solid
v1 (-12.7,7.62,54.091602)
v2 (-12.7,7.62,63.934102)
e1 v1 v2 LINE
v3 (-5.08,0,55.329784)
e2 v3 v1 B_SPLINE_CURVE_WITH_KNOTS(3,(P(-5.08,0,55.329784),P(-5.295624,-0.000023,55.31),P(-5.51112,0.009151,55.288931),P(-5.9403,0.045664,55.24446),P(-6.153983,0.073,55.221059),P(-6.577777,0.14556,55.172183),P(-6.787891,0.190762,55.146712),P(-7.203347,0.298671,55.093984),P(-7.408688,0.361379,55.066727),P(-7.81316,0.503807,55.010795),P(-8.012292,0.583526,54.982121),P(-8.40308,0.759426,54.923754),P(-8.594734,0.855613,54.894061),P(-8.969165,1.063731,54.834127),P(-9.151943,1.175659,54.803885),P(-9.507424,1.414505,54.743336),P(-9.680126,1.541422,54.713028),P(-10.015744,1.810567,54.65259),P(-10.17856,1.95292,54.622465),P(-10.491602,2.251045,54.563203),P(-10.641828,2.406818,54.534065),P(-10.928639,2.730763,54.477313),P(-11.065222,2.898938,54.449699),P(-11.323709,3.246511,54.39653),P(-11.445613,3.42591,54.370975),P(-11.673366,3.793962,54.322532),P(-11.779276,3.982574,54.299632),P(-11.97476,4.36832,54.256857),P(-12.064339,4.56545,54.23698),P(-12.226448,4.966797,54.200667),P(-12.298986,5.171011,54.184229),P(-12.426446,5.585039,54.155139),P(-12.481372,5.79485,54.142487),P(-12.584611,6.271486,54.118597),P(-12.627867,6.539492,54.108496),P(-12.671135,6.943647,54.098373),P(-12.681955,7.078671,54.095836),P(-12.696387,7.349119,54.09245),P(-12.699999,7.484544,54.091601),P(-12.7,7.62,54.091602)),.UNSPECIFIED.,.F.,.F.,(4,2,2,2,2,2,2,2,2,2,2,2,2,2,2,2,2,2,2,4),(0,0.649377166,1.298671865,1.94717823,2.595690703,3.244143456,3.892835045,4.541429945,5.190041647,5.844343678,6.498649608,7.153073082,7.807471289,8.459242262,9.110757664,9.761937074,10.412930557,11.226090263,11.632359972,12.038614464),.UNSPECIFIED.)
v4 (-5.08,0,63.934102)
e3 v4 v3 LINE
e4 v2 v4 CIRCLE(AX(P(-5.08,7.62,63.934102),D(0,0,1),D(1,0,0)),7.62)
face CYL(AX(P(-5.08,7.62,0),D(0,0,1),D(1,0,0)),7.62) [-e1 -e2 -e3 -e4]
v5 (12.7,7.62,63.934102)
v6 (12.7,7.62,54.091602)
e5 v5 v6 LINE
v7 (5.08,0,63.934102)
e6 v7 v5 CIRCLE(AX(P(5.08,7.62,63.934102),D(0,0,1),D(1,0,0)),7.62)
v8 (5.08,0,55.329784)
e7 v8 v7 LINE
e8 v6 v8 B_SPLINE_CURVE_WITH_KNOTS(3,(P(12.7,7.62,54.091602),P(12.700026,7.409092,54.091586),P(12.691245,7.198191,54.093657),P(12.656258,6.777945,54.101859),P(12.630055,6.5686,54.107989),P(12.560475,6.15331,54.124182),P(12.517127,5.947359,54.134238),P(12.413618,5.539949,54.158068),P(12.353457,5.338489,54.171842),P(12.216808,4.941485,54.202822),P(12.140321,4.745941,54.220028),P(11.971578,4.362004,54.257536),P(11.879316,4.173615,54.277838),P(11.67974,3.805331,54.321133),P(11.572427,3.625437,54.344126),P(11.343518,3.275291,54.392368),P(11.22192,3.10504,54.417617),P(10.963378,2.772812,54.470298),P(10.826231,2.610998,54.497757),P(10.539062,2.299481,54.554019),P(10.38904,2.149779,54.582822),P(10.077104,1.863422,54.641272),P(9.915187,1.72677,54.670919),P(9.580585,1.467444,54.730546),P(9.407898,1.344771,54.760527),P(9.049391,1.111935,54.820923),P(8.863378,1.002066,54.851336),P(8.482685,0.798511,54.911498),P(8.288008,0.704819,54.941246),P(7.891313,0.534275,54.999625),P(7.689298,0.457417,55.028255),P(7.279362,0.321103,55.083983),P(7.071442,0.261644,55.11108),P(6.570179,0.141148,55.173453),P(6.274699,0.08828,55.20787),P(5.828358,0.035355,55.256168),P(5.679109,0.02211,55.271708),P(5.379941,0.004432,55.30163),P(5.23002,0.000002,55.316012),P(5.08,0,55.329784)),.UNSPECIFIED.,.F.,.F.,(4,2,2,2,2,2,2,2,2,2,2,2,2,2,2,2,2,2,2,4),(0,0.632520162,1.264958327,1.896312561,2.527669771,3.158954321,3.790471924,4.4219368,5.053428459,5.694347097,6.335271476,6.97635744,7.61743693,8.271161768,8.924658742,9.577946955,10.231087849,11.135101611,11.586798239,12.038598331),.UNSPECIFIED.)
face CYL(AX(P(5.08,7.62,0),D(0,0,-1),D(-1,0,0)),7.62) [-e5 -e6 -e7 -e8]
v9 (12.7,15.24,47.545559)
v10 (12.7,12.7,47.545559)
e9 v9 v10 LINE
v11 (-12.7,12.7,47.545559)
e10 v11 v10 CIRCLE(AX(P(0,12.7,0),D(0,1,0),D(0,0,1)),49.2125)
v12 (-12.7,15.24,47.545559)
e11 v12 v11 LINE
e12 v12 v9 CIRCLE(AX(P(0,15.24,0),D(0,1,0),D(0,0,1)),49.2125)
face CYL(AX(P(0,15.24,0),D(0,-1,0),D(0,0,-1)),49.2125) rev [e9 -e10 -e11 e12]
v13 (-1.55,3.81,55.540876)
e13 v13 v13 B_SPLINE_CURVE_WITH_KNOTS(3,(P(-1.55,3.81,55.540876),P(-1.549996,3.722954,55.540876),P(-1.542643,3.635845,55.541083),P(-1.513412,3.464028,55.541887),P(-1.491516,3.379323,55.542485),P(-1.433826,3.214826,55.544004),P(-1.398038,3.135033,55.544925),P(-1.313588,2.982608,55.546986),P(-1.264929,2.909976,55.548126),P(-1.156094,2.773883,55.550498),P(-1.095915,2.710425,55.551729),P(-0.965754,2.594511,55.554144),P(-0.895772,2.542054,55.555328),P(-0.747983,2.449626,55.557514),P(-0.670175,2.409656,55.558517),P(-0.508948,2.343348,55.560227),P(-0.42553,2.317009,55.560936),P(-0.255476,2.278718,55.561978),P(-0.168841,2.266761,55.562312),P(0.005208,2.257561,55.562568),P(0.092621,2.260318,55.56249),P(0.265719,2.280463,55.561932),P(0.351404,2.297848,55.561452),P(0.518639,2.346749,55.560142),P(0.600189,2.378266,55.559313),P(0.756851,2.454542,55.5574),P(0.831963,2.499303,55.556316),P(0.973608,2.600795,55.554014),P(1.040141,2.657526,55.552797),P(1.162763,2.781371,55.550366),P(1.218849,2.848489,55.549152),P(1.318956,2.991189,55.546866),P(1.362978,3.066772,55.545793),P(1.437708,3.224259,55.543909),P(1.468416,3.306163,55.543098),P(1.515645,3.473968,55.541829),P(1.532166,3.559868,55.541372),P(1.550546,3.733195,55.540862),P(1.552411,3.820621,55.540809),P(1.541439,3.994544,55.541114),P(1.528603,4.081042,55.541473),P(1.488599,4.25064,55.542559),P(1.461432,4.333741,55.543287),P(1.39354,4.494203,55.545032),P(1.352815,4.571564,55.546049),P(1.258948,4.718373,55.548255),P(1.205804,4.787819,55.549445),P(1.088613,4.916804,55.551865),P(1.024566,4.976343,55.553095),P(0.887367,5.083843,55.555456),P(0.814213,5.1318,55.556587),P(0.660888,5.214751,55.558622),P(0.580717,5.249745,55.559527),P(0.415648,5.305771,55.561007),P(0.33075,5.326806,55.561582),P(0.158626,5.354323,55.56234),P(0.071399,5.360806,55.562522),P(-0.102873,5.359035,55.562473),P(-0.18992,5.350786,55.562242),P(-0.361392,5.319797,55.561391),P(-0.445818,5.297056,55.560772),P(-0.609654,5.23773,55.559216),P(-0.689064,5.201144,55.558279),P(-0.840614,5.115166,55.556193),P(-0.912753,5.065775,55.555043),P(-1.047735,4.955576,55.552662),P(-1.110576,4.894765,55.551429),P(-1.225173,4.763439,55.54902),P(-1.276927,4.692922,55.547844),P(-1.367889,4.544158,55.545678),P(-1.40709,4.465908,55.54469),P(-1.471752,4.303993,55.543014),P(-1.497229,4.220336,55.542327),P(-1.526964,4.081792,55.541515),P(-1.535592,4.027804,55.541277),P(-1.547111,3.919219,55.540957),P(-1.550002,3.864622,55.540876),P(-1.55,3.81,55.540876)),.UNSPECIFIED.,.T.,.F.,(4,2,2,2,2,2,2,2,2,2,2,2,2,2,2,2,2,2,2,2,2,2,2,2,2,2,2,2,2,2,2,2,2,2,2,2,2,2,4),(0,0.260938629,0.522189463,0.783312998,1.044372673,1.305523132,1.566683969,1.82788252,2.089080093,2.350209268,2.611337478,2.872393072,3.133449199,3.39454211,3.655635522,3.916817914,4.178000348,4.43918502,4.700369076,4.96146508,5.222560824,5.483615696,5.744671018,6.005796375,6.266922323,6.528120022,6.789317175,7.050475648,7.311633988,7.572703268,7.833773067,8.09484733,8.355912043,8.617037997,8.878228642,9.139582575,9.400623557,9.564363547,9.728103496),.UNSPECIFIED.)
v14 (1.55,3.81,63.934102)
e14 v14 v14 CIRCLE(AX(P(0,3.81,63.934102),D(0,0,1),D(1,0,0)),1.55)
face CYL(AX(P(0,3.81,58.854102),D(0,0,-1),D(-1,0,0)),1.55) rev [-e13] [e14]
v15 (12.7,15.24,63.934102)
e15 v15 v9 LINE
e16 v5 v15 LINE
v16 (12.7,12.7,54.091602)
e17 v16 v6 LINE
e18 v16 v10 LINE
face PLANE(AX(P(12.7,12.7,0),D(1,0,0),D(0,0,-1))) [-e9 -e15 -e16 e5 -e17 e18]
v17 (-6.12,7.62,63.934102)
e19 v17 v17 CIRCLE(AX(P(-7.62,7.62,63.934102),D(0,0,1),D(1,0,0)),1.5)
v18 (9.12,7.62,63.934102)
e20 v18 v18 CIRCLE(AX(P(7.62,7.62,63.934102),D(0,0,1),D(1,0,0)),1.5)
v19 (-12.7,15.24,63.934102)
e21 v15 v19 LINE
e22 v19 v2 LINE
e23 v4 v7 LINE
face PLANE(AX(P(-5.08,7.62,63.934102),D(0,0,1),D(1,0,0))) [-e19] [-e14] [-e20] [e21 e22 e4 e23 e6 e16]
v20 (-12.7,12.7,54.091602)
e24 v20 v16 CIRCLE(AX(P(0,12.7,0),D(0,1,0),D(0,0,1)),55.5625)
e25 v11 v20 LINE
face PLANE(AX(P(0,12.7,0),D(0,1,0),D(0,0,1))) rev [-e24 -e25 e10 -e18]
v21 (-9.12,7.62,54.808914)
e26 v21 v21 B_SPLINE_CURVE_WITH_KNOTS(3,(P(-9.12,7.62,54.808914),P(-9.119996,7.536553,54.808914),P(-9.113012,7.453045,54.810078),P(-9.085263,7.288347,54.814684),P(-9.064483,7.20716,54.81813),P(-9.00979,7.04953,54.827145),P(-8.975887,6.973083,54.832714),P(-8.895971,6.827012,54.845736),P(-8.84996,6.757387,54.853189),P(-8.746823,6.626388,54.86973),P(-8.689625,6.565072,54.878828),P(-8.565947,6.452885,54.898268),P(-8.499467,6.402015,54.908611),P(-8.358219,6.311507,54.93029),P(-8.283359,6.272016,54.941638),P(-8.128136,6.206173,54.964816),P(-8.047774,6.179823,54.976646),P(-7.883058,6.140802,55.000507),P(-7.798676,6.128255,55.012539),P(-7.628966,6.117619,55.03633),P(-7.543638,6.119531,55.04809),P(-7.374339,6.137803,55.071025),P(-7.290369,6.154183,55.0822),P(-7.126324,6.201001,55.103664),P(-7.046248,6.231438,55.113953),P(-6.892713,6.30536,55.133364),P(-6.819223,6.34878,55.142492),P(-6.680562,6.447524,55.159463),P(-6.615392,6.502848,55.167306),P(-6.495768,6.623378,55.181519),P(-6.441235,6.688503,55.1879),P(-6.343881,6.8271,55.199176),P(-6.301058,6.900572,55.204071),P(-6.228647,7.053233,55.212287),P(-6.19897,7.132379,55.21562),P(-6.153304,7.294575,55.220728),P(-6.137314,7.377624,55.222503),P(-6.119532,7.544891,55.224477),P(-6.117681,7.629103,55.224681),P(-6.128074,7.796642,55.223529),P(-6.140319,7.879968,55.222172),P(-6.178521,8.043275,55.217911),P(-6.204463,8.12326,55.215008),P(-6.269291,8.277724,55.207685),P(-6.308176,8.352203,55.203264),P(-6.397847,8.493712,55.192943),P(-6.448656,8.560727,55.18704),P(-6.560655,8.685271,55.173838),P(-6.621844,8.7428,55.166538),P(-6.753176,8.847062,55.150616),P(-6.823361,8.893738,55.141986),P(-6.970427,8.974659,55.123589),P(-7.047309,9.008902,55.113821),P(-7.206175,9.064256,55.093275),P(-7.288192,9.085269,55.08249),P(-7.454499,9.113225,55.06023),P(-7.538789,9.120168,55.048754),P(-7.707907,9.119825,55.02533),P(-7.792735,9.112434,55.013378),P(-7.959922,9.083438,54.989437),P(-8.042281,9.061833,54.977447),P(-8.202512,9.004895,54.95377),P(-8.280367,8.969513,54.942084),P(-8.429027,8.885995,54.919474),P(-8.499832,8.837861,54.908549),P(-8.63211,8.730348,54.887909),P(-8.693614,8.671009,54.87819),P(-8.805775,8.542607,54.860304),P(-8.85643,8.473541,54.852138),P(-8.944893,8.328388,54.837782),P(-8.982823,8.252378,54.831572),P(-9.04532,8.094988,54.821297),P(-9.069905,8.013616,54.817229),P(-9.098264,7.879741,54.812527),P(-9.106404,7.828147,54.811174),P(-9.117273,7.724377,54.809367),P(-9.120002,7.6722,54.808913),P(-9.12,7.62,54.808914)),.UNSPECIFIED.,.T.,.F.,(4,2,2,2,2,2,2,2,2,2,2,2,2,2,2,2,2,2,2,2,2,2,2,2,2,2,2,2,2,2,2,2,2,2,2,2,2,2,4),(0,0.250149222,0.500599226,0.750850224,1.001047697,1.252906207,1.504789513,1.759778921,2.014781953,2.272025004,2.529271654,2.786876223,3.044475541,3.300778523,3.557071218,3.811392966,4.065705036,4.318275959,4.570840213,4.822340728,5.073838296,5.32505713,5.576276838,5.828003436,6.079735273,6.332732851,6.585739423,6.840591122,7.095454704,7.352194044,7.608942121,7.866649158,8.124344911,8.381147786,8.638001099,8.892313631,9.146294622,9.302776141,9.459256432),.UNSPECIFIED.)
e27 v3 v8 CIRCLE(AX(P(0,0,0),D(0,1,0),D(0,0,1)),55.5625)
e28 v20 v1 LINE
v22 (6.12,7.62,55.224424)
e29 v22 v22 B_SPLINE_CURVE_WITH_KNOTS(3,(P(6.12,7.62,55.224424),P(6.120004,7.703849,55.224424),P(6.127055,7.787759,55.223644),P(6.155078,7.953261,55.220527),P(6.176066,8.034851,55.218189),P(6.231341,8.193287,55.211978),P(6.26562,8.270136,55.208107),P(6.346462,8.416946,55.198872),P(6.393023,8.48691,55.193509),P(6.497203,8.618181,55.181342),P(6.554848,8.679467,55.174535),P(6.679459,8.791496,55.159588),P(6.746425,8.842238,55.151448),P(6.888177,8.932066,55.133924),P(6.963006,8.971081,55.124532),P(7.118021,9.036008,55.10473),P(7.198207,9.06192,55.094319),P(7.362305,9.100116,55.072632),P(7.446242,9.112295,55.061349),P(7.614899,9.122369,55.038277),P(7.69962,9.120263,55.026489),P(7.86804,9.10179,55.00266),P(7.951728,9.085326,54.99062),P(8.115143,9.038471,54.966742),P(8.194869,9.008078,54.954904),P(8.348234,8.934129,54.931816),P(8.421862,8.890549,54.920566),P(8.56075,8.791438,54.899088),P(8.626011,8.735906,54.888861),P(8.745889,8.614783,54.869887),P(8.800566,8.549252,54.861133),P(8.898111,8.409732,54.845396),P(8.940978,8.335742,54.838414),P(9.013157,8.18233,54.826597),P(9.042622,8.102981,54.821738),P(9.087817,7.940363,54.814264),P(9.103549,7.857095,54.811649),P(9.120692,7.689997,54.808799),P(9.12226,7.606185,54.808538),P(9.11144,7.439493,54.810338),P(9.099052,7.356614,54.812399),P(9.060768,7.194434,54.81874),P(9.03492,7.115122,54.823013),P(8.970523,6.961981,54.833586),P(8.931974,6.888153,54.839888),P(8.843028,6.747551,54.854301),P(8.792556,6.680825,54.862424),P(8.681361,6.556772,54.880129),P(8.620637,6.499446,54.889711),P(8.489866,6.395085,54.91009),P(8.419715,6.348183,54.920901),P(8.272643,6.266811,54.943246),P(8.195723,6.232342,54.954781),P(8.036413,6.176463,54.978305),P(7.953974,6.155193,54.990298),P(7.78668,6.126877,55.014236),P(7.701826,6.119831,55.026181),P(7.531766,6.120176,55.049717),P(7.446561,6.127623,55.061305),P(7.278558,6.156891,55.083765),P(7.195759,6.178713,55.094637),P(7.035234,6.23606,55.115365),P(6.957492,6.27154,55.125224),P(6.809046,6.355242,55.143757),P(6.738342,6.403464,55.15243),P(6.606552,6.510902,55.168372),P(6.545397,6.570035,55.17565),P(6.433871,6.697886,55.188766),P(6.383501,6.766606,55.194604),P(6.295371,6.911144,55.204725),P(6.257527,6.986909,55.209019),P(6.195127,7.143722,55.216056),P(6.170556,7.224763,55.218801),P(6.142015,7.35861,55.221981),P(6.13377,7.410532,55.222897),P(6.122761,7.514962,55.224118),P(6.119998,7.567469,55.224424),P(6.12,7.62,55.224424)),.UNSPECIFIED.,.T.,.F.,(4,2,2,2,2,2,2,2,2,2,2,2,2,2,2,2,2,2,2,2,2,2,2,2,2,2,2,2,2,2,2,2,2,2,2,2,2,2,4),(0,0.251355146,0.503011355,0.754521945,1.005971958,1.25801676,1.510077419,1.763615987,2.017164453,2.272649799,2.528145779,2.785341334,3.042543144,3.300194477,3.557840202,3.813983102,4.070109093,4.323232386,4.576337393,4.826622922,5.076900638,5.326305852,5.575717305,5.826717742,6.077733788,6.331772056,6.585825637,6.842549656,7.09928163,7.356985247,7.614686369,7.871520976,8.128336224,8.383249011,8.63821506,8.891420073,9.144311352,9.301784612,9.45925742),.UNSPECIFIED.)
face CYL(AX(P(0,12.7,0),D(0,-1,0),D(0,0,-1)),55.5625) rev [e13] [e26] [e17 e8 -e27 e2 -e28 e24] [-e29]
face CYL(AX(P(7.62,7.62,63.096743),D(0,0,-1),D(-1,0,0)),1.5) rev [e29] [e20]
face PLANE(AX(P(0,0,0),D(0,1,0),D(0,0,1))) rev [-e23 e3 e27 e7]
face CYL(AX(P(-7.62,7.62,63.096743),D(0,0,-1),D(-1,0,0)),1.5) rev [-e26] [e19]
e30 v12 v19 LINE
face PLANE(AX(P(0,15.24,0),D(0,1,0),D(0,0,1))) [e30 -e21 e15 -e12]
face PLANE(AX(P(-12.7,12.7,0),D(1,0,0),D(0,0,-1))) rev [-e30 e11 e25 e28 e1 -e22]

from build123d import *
from build123d.topology import SkipClean

# Parameters (mm, degrees)
BOSS_EXTRUDE1_DEPTH = 12.7
SKETCH2_R           = 1.500000048
CUT_EXTRUDE1_DEPTH  = 58.854101994
FILLET1_R           = 7.62
CUT_EXTRUDE2_DEPTH  = 62.533611452
BOSS_EXTRUDE2_DEPTH = 2.54
SKETCH8_R           = 1.500000048
SKETCH8_R_2         = 1.549999948
BOSS_EXTRUDE3_DEPTH = 5.08


with BuildPart() as part:
    # Sketch1 → Boss-Extrude1 (new body)
    with BuildSketch(Plane(origin=(0, 0, 0), x_dir=(1, 0, 0), z_dir=(0, 1, 0))):
        with BuildLine():
            ThreePointArc((12.7, -54.091601994), (0, -55.5625), (-12.7, -54.091601994))
            Line((-12.7, -54.091601994), (-12.7, -58.854101994))
            Line((-12.7, -58.854101994), (12.7, -58.854101994))
            Line((12.7, -58.854101994), (12.7, -54.091601994))
        make_face()
    extrude(amount=BOSS_EXTRUDE1_DEPTH)

    # Sketch2 → Cut-Extrude1 (cut)
    with BuildSketch(Plane.XY):
        with Locations(Location((-7.62, 7.62, 0), (0, 0, 180))):
            Circle(SKETCH2_R)
    cut_extrude1 = extrude(amount=CUT_EXTRUDE1_DEPTH, mode=Mode.SUBTRACT)

    # Mirror1: Cut-Extrude1 across plane
    add(cut_extrude1.mirror(Plane(origin=(0, 0, 0), x_dir=(0, 0, 1), z_dir=(1, 0, 0))), mode=Mode.SUBTRACT)

    # Fillet1
    fillet1_edges = [part.edges().sort_by_distance(p)[0] for p in [
        (-12.7, 0, 56.472851994),
        (12.7, 0, 56.472851994),
    ]]
    fillet(fillet1_edges, radius=FILLET1_R)

    # Sketch2<4> → Cut-Extrude2 (cut, through all)
    with BuildSketch(Plane.XY):
        with BuildLine():
            ThreePointArc((1.549999948, 3.81), (1.096015474, 4.906015474), (0, 5.359999948))
            Line((0, 5.359999948), (0, 2.260000052))
            ThreePointArc((0, 2.260000052), (1.096015474, 2.713984526), (1.549999948, 3.81))
        make_face()
        with BuildLine():
            Line((0, 2.260000052), (0, 5.359999948))
            ThreePointArc((0, 5.359999948), (-1.549999948, 3.81), (0, 2.260000052))
        make_face()
    extrude(amount=CUT_EXTRUDE2_DEPTH, mode=Mode.SUBTRACT)

    # Sketch7 → Boss-Extrude2 (add)
    with BuildSketch(Plane(origin=(0, 12.7, 0), x_dir=(1, 0, 0), z_dir=(0, 1, 0))):
        with BuildLine():
            Line((-12.7, -54.091601994), (-12.7, -58.854101994))
            Line((-12.7, -58.854101994), (12.7, -58.854101994))
            Line((12.7, -58.854101994), (12.7, -54.091601994))
            ThreePointArc((12.7, -54.091601994), (0, -55.5625), (-12.7, -54.091601994))
        make_face()
        with BuildLine():
            ThreePointArc((-12.7, -47.545558744), (0, -49.2125), (12.7, -47.545558744))
            Line((12.7, -47.545558744), (12.7, -54.091601994))
            ThreePointArc((12.7, -54.091601994), (0, -55.5625), (-12.7, -54.091601994))
            Line((-12.7, -54.091601994), (-12.7, -47.545558744))
        make_face()
    extrude(amount=BOSS_EXTRUDE2_DEPTH)

    # Sketch8 → Boss-Extrude3 (add)
    with SkipClean():  # the faces are left unmerged after this step: merging them gives an invalid solid
        with BuildSketch(Plane.XY.offset(58.854101994)):
            with BuildLine():
                Line((-5.08, 0), (5.08, 0))
                ThreePointArc((5.08, 0), (10.468153673, 2.231846327), (12.7, 7.62))
                Line((12.7, 7.62), (12.7, 15.24))
                Line((12.7, 15.24), (-12.7, 15.24))
                Line((-12.7, 15.24), (-12.7, 7.62))
                ThreePointArc((-12.7, 7.62), (-10.468153673, 2.231846327), (-5.08, 0))
            make_face()
            with Locations(Location((7.62, 7.62, 0), (0, 0, 180))):
                Circle(SKETCH8_R, mode=Mode.SUBTRACT)
            with Locations(Location((0, 3.81, 0), (0, 0, 180))):
                Circle(SKETCH8_R_2, mode=Mode.SUBTRACT)
            with Locations(Location((-7.62, 7.62, 0), (0, 0, 180))):
                Circle(SKETCH8_R, mode=Mode.SUBTRACT)
        extrude(amount=BOSS_EXTRUDE3_DEPTH)


solid = part.part
